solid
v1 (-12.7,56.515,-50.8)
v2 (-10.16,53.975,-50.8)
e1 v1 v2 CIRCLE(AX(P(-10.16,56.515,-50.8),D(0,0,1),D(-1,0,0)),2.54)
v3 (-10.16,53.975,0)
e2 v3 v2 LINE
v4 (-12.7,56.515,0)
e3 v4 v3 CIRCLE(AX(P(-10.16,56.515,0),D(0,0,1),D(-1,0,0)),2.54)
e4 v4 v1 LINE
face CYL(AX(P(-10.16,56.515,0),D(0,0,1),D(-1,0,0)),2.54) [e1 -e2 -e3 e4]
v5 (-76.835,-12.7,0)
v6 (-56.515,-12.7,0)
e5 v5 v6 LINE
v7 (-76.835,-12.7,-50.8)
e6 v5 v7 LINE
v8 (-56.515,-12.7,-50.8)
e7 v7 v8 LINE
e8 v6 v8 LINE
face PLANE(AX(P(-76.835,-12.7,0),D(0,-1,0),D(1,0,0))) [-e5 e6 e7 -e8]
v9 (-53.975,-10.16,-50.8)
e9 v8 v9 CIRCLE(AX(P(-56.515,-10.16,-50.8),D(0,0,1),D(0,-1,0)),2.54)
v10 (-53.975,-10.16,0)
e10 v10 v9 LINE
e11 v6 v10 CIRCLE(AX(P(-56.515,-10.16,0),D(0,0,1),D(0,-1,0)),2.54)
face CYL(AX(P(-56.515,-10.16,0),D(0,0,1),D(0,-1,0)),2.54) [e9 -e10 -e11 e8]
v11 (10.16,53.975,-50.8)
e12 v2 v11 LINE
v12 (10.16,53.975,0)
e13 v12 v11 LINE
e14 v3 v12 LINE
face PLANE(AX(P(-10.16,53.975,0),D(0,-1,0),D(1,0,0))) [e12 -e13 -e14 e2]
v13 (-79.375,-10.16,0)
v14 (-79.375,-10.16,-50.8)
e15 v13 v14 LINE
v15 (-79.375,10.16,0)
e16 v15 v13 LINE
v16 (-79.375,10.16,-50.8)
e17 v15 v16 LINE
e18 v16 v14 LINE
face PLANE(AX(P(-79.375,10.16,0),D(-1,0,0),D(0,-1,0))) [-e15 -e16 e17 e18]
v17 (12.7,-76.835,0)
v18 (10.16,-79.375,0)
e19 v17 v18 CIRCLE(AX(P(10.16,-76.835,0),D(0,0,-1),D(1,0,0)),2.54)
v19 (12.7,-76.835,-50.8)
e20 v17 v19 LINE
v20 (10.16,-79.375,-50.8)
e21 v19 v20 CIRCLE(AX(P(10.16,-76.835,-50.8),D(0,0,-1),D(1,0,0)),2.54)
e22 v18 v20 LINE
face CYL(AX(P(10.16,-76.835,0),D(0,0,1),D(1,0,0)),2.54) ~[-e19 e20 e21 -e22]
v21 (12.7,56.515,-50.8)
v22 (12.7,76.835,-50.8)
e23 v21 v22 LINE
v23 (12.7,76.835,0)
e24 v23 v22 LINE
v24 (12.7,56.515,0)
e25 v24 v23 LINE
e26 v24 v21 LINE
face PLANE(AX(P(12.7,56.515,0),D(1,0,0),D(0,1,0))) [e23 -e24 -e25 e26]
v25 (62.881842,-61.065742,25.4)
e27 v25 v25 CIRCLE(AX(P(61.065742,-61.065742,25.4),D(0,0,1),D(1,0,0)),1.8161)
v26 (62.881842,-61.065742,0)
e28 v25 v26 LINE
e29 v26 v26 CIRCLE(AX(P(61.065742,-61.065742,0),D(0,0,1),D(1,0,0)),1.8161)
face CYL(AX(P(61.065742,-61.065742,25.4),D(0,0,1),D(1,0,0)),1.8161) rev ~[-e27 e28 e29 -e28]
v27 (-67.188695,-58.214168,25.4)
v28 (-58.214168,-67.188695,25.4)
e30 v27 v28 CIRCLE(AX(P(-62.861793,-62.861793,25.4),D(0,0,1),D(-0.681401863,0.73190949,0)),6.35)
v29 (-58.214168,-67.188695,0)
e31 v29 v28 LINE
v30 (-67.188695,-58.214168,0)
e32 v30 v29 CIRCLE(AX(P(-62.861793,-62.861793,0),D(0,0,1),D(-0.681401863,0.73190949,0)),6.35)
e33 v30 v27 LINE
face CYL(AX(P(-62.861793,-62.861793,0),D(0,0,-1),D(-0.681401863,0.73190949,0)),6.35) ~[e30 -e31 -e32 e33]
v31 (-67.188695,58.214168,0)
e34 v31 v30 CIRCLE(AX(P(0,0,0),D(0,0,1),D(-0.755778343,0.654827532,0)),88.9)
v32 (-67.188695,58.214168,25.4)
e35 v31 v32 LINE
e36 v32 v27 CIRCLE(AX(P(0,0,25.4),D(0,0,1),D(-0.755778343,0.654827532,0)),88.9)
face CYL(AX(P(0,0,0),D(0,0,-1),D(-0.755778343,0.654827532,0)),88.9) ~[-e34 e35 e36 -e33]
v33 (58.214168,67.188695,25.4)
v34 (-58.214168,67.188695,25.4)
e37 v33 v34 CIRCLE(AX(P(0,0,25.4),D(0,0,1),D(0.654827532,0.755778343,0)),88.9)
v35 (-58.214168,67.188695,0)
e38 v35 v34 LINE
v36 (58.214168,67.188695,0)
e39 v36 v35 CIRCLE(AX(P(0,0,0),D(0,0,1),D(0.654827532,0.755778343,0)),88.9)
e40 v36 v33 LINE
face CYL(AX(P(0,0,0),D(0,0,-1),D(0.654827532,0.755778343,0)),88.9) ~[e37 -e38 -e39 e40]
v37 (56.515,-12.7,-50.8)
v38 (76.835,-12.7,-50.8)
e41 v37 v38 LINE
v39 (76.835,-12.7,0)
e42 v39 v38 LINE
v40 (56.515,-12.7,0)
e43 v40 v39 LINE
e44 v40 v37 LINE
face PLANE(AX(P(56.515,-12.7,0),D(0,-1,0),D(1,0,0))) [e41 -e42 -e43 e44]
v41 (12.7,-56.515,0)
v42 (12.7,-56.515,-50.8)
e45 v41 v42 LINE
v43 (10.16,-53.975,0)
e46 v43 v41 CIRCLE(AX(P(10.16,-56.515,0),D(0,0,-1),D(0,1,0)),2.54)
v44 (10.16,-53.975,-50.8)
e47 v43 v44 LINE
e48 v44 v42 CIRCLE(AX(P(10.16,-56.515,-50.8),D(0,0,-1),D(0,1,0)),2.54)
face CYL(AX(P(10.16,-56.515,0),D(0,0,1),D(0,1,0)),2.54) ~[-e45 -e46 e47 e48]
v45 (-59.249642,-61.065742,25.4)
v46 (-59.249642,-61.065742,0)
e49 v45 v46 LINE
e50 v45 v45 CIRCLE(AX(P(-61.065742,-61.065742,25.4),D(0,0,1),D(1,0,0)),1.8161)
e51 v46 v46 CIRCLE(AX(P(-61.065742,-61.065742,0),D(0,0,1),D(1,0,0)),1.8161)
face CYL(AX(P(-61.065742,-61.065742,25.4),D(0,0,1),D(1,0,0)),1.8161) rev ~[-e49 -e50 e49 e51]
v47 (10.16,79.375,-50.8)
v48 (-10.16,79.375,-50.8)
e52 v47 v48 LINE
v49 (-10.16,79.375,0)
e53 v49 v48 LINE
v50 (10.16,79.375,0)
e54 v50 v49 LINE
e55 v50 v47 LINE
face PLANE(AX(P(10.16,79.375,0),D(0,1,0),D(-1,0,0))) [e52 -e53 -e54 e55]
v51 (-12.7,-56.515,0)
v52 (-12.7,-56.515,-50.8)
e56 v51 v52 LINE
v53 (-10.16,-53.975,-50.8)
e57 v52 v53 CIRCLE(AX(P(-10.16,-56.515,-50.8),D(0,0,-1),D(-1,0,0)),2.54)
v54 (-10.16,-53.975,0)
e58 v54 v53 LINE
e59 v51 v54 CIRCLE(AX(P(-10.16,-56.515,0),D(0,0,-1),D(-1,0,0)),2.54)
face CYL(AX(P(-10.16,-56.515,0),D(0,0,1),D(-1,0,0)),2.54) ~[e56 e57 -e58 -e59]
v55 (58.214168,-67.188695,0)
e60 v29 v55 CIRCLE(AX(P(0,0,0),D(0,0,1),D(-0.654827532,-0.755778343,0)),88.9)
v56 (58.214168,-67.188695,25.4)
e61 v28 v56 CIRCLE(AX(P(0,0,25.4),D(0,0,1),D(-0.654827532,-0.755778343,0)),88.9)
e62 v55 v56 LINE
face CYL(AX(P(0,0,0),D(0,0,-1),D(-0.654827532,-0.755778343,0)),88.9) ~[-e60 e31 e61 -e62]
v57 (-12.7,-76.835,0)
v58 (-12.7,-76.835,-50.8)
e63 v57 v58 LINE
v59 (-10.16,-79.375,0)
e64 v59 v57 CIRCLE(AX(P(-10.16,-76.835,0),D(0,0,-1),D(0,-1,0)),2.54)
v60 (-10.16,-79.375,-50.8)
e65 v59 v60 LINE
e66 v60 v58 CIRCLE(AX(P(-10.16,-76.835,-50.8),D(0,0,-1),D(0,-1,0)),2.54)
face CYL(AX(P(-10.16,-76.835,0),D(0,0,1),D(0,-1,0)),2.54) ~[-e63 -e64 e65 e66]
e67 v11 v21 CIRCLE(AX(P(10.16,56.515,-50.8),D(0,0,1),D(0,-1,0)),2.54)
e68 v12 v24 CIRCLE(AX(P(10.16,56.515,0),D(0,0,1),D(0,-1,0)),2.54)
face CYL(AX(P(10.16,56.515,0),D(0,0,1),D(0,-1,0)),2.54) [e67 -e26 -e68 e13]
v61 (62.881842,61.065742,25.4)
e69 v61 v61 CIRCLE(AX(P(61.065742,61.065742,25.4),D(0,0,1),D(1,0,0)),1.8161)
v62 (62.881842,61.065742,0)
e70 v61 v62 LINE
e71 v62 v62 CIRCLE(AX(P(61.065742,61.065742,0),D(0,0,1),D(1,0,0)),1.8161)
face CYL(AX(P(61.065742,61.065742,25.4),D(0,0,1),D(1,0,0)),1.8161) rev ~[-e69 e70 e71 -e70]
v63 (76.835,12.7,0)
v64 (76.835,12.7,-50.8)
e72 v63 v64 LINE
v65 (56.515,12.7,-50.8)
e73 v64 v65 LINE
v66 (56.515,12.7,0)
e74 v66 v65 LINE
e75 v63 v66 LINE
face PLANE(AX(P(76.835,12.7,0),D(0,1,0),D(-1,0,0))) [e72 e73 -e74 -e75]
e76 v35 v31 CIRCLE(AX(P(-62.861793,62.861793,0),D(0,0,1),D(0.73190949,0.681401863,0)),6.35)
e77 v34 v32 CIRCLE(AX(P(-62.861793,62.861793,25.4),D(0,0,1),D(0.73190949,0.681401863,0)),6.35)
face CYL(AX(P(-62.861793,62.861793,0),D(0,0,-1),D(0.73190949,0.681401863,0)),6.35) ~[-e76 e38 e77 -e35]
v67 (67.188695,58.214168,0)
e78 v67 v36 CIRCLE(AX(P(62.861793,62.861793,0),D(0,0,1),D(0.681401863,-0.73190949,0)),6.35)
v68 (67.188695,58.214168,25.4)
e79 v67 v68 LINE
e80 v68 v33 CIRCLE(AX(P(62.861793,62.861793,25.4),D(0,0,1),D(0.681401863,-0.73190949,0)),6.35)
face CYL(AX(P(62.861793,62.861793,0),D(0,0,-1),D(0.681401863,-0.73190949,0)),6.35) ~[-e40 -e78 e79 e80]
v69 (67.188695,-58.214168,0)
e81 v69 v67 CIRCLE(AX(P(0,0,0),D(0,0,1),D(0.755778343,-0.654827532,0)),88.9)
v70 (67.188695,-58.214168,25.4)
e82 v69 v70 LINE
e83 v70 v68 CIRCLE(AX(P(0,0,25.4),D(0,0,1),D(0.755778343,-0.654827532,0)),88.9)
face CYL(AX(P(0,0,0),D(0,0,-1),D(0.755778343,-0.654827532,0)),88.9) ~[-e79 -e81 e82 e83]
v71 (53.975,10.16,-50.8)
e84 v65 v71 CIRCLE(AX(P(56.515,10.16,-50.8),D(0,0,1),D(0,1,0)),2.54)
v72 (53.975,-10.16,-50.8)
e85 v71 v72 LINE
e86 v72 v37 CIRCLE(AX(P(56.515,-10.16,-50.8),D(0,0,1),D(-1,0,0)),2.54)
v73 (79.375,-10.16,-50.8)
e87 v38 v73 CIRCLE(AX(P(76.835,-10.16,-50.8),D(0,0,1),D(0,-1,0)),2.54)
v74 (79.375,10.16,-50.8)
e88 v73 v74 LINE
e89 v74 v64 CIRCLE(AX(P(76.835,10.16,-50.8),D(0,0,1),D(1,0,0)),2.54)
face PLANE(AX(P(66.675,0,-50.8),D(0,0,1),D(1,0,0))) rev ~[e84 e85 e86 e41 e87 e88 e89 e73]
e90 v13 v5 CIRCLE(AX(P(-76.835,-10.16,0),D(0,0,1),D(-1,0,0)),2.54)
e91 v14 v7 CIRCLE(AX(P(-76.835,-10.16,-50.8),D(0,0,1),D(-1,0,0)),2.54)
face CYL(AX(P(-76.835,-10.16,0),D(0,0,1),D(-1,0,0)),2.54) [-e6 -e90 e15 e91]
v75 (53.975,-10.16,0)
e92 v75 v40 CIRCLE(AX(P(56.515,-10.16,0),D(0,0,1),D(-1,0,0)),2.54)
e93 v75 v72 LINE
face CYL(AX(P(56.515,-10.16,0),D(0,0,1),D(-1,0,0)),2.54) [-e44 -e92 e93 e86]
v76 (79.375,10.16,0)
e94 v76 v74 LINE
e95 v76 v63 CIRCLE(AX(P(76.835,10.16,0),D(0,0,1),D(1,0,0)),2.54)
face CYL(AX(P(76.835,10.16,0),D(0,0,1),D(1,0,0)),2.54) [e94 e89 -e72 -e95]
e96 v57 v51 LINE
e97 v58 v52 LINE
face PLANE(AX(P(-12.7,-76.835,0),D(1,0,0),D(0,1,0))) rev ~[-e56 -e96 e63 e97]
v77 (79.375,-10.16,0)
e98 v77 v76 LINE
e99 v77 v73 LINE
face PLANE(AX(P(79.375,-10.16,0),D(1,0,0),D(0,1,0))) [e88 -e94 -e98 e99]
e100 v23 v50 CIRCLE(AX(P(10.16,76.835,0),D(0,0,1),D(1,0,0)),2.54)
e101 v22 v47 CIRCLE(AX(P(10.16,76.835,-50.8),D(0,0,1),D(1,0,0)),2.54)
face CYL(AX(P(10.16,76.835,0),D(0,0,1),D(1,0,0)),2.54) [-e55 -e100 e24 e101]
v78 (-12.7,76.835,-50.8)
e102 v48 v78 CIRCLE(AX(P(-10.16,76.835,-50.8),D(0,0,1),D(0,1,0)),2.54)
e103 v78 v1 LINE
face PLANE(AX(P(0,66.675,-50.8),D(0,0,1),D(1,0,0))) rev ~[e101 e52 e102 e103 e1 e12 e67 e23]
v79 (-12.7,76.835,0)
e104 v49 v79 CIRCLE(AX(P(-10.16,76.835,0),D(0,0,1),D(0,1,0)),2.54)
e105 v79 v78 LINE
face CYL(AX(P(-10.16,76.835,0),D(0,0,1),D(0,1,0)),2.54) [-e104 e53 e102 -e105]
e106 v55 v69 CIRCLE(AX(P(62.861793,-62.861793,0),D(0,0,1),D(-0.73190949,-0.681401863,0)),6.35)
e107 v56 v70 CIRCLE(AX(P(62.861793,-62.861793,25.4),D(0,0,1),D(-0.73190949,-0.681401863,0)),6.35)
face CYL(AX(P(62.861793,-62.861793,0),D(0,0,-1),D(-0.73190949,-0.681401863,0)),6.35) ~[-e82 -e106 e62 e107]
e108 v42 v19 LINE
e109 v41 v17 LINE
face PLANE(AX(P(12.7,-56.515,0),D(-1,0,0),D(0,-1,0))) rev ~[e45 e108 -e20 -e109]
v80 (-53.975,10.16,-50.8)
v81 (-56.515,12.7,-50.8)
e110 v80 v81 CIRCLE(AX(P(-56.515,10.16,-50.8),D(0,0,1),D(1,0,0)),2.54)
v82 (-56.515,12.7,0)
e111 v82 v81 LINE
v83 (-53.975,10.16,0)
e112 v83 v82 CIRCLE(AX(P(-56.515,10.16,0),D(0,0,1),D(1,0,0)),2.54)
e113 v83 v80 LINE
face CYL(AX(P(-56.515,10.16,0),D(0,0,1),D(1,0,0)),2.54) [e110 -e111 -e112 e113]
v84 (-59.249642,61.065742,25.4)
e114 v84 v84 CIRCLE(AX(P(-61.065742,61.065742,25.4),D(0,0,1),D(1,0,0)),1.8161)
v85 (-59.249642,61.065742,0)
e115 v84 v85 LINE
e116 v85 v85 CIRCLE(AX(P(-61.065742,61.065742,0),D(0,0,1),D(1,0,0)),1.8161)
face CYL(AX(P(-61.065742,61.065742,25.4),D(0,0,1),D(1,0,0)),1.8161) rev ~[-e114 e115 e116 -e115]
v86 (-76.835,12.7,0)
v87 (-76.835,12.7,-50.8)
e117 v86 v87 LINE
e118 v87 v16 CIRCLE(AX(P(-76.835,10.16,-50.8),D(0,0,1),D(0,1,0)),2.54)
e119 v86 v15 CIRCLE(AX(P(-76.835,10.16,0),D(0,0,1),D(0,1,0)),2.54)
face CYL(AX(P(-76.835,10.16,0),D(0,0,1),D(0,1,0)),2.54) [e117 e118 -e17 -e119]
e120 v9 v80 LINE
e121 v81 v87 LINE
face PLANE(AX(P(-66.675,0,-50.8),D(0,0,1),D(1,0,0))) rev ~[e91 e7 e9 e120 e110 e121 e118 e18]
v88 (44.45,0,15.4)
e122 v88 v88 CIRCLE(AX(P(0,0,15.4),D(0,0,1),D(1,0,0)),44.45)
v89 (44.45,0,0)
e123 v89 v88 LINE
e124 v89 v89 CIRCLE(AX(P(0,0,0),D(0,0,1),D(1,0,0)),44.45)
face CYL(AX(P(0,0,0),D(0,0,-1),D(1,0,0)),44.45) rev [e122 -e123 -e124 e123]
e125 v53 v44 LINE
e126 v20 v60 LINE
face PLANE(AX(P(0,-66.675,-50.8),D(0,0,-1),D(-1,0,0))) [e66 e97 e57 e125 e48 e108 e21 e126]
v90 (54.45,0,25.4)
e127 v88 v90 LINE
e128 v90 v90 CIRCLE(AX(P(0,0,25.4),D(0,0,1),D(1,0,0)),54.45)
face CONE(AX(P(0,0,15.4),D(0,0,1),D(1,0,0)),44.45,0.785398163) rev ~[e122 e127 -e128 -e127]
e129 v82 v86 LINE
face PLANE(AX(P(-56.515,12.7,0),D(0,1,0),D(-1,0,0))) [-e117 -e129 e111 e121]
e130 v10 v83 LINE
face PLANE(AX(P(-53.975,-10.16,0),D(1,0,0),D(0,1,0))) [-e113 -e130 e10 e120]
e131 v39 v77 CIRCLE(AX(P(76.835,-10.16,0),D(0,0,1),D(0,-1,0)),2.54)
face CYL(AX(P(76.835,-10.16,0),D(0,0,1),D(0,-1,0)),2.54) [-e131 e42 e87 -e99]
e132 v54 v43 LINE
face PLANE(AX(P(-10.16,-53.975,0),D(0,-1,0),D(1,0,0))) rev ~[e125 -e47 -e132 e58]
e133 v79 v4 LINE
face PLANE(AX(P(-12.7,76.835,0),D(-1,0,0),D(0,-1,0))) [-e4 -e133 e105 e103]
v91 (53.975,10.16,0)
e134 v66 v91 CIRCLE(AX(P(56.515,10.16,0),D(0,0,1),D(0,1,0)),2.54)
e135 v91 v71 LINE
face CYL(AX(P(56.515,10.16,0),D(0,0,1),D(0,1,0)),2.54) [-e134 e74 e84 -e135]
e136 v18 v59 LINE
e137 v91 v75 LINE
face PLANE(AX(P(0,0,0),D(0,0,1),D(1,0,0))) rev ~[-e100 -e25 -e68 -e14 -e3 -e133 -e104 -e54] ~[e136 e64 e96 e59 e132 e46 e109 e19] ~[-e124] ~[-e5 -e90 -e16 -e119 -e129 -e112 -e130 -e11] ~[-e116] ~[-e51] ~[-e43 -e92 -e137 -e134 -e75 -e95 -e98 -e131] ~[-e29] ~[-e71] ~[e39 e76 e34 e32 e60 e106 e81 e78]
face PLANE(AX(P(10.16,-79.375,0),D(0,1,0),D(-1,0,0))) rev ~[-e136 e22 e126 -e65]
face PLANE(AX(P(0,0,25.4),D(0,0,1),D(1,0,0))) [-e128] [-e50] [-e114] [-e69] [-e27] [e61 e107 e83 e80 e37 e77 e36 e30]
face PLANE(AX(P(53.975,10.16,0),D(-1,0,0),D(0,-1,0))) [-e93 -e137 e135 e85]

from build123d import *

# Parameters (mm, degrees)
SKETCH1_R           = 44.45
BOSS_EXTRUDE1_DEPTH = 25.4
CHAMFER1_SIZE       = 10
SKETCH3_R           = 1.8161
CUT_EXTRUDE1_DEPTH  = 26.4
BOSS_EXTRUDE3_DEPTH = 50.8


with BuildPart() as part:
    # Sketch1 → Boss-Extrude1 (new body)
    with BuildSketch(Plane.XY):
        with BuildLine():
            ThreePointArc((67.188694676, -58.214167586), (88.9, 0), (67.188694676, 58.214167586))
            ThreePointArc((67.188694676, 58.214167586), (67.351920908, 67.351920908), (58.214167586, 67.188694676))
            ThreePointArc((58.214167586, 67.188694676), (0, 88.9), (-58.214167586, 67.188694676))
            ThreePointArc((-58.214167586, 67.188694676), (-67.351920908, 67.351920908), (-67.188694676, 58.214167586))
            ThreePointArc((-67.188694676, 58.214167586), (-88.9, 0), (-67.188694676, -58.214167586))
            ThreePointArc((-67.188694676, -58.214167586), (-67.351920908, -67.351920908), (-58.214167586, -67.188694676))
            ThreePointArc((-58.214167586, -67.188694676), (0, -88.9), (58.214167586, -67.188694676))
            ThreePointArc((58.214167586, -67.188694676), (67.351920908, -67.351920908), (67.188694676, -58.214167586))
        make_face()
        Circle(SKETCH1_R, mode=Mode.SUBTRACT)
    extrude(amount=BOSS_EXTRUDE1_DEPTH)

    # Chamfer1
    chamfer1_edges = [part.edges().sort_by_distance(p)[0] for p in [
        (-44.45, 0, 25.4),
    ]]
    chamfer(chamfer1_edges, length=CHAMFER1_SIZE)

    # Sketch3 → Cut-Extrude1 (cut, through all)
    with BuildSketch(Plane.XY.offset(25.4)):
        with Locations((61.065741623, 61.065741623)):
            Circle(SKETCH3_R)
        with Locations((61.065741623, -61.065741623)):
            Circle(SKETCH3_R)
        with Locations((-61.065741623, -61.065741623)):
            Circle(SKETCH3_R)
        with Locations((-61.065741623, 61.065741623)):
            Circle(SKETCH3_R)
    extrude(amount=-CUT_EXTRUDE1_DEPTH, mode=Mode.SUBTRACT)

    # Sketch5 → Boss-Extrude3 (add)
    with BuildSketch(Plane(origin=(0, 0, 0), x_dir=(-1, 0, 0), z_dir=(0, 0, -1))):
        with BuildLine():
            Line((-76.835, 12.7), (-56.515, 12.7))
            ThreePointArc((-56.515, 12.7), (-54.718948776, 11.956051224), (-53.975, 10.16))
            Line((-53.975, 10.16), (-53.975, -10.16))
            ThreePointArc((-53.975, -10.16), (-54.718948776, -11.956051224), (-56.515, -12.7))
            Line((-56.515, -12.7), (-76.835, -12.7))
            ThreePointArc((-76.835, -12.7), (-78.631051224, -11.956051224), (-79.375, -10.16))
            Line((-79.375, -10.16), (-79.375, 10.16))
            ThreePointArc((-79.375, 10.16), (-78.631051224, 11.956051224), (-76.835, 12.7))
        make_face()
        with BuildLine():
            Line((-10.16, -79.375), (10.16, -79.375))
            ThreePointArc((10.16, -79.375), (11.956051224, -78.631051224), (12.7, -76.835))
            Line((12.7, -76.835), (12.7, -56.515))
            ThreePointArc((12.7, -56.515), (11.956051224, -54.718948776), (10.16, -53.975))
            Line((10.16, -53.975), (-10.16, -53.975))
            ThreePointArc((-10.16, -53.975), (-11.956051224, -54.718948776), (-12.7, -56.515))
            Line((-12.7, -56.515), (-12.7, -76.835))
            ThreePointArc((-12.7, -76.835), (-11.956051224, -78.631051224), (-10.16, -79.375))
        make_face()
        with BuildLine():
            Line((12.7, 76.835), (12.7, 56.515))
            ThreePointArc((12.7, 56.515), (11.956051224, 54.718948776), (10.16, 53.975))
            Line((10.16, 53.975), (-10.16, 53.975))
            ThreePointArc((-10.16, 53.975), (-11.956051224, 54.718948776), (-12.7, 56.515))
            Line((-12.7, 56.515), (-12.7, 76.835))
            ThreePointArc((-12.7, 76.835), (-11.956051224, 78.631051224), (-10.16, 79.375))
            Line((-10.16, 79.375), (10.16, 79.375))
            ThreePointArc((10.16, 79.375), (11.956051224, 78.631051224), (12.7, 76.835))
        make_face()
        with BuildLine():
            Line((76.835, -12.7), (56.515, -12.7))
            ThreePointArc((56.515, -12.7), (54.718948776, -11.956051224), (53.975, -10.16))
            Line((53.975, -10.16), (53.975, 10.16))
            ThreePointArc((53.975, 10.16), (54.718948776, 11.956051224), (56.515, 12.7))
            Line((56.515, 12.7), (76.835, 12.7))
            ThreePointArc((76.835, 12.7), (78.631051224, 11.956051224), (79.375, 10.16))
            Line((79.375, 10.16), (79.375, -10.16))
            ThreePointArc((79.375, -10.16), (78.631051224, -11.956051224), (76.835, -12.7))
        make_face()
    extrude(amount=BOSS_EXTRUDE3_DEPTH)


solid = part.part
